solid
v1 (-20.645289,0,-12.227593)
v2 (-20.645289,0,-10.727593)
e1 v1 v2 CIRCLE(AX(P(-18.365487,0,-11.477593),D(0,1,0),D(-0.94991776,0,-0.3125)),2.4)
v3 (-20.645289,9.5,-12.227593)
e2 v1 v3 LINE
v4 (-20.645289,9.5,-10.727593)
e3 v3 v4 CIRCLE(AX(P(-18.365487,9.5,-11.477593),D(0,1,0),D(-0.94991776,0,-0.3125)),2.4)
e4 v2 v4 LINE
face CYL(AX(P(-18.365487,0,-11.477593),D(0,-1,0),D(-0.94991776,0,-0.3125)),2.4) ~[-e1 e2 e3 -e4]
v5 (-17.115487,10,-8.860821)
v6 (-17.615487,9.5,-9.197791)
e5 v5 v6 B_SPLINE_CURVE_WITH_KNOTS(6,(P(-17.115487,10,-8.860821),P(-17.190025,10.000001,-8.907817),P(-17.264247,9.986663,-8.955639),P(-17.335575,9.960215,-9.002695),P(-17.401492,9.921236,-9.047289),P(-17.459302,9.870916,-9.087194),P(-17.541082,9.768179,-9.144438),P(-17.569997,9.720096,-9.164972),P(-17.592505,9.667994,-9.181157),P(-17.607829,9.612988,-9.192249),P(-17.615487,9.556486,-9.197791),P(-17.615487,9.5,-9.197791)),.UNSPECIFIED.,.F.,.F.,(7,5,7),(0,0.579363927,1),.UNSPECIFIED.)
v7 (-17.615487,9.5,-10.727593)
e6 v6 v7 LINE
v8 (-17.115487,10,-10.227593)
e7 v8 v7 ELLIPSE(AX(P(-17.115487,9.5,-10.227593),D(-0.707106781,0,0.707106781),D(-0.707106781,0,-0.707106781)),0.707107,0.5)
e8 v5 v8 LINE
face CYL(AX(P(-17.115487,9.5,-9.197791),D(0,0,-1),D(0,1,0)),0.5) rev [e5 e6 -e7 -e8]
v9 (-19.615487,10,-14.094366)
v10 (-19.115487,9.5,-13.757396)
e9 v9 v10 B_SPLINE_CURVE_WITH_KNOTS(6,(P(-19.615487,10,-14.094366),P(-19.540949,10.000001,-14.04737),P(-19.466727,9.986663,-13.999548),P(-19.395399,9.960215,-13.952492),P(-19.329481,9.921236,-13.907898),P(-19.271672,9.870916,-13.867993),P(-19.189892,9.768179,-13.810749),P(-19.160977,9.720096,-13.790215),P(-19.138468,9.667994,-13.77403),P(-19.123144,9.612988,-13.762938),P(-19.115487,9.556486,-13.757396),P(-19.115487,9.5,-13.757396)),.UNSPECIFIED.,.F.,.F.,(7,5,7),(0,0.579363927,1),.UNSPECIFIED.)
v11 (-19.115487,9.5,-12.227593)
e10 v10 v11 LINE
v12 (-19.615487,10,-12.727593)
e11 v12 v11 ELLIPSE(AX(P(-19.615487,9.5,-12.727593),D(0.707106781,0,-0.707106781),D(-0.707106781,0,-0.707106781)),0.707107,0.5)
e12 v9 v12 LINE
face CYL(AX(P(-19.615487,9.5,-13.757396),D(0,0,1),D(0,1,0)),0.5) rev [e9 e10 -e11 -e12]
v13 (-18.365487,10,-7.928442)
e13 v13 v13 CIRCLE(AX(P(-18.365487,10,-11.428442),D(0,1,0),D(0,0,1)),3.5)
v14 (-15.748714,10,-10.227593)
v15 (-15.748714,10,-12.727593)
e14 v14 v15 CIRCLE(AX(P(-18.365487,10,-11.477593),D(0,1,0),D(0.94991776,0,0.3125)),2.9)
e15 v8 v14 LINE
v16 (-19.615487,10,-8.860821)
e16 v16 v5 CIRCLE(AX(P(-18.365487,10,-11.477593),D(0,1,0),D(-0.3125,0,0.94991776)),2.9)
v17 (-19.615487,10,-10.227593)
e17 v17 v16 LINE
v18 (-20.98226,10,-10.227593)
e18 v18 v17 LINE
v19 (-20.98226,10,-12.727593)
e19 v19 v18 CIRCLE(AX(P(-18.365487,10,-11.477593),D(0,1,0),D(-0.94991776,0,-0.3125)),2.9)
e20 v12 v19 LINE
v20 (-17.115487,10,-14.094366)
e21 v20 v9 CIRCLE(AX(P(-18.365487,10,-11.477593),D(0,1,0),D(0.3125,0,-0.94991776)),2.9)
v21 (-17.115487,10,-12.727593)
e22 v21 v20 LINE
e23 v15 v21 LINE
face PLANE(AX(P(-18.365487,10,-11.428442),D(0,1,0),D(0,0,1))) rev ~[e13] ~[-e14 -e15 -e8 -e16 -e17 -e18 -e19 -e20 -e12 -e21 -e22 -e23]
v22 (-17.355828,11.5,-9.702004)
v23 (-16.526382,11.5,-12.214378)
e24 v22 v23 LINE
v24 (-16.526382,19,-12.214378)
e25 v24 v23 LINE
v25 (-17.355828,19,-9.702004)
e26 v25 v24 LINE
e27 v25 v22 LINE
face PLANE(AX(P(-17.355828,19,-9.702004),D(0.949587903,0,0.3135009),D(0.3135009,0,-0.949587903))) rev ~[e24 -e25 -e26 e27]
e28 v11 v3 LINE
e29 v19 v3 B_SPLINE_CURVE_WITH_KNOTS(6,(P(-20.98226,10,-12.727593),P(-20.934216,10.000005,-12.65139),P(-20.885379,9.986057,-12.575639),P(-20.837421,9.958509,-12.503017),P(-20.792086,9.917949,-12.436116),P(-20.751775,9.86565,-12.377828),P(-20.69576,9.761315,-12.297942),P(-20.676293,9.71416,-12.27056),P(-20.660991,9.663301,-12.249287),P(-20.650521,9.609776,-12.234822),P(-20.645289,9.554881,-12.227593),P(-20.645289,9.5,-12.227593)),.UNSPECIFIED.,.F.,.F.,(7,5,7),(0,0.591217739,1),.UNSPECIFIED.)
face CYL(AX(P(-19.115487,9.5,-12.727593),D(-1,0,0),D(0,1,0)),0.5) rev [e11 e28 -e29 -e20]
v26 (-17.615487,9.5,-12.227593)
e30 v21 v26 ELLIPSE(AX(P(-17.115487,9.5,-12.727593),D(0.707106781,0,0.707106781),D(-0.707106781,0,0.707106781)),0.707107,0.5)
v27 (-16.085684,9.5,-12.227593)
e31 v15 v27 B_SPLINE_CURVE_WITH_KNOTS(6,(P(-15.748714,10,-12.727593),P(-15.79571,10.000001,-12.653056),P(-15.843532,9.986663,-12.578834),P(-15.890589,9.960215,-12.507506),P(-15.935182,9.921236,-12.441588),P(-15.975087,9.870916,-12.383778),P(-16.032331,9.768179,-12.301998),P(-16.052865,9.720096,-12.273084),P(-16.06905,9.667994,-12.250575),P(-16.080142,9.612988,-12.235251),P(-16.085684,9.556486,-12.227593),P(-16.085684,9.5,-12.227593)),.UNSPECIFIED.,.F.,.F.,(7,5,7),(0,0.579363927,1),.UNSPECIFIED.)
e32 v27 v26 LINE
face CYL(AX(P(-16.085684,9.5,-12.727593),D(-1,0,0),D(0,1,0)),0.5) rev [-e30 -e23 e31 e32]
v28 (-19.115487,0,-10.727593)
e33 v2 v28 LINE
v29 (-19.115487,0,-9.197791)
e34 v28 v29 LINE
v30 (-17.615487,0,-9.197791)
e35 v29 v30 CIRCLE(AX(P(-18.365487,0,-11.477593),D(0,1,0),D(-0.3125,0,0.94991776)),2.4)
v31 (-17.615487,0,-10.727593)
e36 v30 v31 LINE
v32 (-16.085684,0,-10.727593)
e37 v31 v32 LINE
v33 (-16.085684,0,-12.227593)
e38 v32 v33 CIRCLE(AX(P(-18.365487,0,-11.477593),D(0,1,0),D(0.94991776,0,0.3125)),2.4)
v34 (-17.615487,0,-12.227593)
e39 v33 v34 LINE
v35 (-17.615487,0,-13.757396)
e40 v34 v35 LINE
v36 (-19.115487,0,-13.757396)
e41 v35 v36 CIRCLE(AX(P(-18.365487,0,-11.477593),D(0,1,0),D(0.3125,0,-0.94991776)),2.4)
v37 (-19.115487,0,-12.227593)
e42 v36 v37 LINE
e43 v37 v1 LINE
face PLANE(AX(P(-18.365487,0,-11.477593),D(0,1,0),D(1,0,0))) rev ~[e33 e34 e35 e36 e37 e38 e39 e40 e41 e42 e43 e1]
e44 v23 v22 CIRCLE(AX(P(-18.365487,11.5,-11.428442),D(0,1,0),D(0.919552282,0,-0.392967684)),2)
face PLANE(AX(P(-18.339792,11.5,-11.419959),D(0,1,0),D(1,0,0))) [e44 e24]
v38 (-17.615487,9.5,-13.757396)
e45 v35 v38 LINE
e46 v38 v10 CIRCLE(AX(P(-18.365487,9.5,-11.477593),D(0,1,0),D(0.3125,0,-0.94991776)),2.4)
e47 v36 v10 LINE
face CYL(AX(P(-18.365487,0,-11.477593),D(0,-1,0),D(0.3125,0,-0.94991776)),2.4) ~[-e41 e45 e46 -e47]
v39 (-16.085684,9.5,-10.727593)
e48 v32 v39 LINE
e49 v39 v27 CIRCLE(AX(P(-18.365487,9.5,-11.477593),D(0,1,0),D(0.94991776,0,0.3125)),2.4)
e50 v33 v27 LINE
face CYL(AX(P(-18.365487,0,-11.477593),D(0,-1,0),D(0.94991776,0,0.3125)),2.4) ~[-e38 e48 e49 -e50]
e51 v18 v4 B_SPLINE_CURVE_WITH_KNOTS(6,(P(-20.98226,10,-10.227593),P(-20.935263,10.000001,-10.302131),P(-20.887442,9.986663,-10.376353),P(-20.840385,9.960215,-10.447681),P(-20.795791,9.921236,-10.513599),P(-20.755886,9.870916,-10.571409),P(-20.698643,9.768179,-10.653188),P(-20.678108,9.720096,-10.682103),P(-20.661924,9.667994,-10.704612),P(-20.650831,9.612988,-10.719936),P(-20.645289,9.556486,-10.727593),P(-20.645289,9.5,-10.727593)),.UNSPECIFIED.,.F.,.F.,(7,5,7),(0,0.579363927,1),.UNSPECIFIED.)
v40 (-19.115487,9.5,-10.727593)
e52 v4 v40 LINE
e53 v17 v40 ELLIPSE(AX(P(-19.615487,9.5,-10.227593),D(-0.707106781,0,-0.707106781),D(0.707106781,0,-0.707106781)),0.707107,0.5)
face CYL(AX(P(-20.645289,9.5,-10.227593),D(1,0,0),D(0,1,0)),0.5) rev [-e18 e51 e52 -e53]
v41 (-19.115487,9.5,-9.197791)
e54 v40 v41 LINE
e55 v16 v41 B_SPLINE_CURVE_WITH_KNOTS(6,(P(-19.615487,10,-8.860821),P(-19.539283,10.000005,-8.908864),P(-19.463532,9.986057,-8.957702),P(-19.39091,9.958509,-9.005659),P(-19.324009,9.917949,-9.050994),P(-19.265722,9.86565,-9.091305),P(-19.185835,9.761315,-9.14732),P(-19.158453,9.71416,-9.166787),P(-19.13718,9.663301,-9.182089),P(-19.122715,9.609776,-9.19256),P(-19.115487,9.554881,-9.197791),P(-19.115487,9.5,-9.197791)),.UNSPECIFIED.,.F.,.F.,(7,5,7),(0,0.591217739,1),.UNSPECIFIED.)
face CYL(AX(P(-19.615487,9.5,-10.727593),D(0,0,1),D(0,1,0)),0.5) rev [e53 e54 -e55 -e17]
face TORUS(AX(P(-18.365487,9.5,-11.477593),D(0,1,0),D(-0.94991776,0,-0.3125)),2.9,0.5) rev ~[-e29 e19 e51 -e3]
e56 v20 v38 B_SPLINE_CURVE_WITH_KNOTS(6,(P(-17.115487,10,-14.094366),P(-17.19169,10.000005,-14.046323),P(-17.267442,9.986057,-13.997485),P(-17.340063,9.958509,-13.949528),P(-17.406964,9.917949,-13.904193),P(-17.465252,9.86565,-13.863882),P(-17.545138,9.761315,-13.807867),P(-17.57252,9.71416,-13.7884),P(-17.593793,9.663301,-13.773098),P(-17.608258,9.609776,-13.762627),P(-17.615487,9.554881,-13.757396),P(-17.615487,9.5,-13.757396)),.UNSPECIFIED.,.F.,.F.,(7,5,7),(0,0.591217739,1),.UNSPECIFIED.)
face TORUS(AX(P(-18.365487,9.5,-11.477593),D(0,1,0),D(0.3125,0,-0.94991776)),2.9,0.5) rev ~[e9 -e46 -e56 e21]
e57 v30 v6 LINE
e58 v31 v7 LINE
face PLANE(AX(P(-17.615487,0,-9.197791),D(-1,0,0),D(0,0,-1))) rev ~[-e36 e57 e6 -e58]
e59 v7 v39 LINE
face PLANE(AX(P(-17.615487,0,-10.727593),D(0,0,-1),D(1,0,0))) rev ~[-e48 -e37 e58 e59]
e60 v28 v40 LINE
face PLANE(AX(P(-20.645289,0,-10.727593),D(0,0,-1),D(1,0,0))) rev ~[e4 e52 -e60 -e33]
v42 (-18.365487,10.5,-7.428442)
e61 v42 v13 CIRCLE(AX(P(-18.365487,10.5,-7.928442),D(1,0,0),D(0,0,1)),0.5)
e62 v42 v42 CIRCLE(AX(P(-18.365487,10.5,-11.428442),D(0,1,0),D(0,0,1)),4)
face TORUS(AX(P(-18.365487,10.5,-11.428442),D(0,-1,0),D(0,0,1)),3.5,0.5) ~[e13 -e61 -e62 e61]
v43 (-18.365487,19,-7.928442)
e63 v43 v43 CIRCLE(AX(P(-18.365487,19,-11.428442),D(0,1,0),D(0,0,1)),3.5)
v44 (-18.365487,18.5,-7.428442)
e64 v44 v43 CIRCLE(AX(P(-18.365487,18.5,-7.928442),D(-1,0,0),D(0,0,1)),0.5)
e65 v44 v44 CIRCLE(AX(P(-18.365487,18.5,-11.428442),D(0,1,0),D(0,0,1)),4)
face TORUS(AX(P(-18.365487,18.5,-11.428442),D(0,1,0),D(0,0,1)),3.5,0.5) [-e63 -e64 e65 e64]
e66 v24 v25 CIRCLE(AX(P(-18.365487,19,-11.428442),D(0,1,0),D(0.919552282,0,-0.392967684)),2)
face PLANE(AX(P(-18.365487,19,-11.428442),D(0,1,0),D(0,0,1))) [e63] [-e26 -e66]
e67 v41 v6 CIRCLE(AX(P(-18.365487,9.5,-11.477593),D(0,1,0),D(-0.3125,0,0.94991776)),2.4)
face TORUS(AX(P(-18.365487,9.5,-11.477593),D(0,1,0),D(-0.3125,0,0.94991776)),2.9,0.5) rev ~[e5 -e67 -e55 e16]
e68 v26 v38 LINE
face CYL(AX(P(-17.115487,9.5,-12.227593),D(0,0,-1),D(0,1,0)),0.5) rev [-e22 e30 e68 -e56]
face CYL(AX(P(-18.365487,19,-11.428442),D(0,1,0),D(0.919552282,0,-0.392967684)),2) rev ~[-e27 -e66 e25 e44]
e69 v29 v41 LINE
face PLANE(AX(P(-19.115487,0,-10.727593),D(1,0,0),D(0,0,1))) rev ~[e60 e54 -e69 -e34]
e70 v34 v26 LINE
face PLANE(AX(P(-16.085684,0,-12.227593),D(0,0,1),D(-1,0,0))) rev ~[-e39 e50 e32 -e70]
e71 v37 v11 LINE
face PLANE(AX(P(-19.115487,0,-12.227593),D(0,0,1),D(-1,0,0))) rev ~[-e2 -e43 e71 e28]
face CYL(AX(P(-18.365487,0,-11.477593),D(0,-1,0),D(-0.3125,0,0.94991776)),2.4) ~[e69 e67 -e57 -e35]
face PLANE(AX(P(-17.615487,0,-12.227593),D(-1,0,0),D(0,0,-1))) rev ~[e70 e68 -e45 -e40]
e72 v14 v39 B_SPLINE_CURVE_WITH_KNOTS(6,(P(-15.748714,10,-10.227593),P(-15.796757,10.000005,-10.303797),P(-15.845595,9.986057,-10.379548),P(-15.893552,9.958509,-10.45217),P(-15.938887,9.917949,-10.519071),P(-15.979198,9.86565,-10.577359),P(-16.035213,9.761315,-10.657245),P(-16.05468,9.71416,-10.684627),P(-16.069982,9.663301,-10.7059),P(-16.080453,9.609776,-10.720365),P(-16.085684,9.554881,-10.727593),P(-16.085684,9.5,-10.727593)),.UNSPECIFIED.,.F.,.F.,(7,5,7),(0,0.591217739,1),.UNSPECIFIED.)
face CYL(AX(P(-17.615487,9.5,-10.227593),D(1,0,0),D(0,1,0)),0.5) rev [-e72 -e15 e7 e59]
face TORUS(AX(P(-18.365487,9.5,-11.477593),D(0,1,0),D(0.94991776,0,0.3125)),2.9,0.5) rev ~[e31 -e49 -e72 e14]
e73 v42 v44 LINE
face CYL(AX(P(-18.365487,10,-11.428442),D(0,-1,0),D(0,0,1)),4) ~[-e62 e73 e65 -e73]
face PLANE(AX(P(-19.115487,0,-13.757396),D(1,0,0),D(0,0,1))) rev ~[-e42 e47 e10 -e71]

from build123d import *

# Parameters (mm, degrees)
RESSALTO_EXTRUS_O1_DEPTH = 10
ESBO_O7_R                = 4
RESSALTO_EXTRUS_O3_DEPTH = 9
CORTE_EXTRUS_O2_DEPTH    = 7.5
FILETE9_R                = 0.5


with BuildPart() as part:
    # Esboço1 → Ressalto-extrusão1 (new body)
    with BuildSketch(Plane(origin=(0, 0, 0), x_dir=(1, 0, 0), z_dir=(0, 1, 0))):
        with BuildLine():
            Line((-16.085684063, 12.227593462), (-17.615486686, 12.227593462))
            Line((-17.615486686, 12.227593462), (-17.615486686, 13.727593462))
            Line((-17.615486686, 13.727593462), (-17.615486686, 13.757396085))
            ThreePointArc((-17.615486686, 13.757396085), (-18.365486686, 13.877593462), (-19.115486686, 13.757396085))
            Line((-19.115486686, 13.757396085), (-19.115486686, 13.727593462))
            Line((-19.115486686, 13.727593462), (-19.115486686, 12.227593462))
            Line((-19.115486686, 12.227593462), (-20.615486686, 12.227593462))
            Line((-20.615486686, 12.227593462), (-20.645289309, 12.227593462))
            ThreePointArc((-20.645289309, 12.227593462), (-20.765486686, 11.477593462), (-20.645289309, 10.727593462))
            Line((-20.645289309, 10.727593462), (-20.615486686, 10.727593462))
            Line((-20.615486686, 10.727593462), (-19.115486686, 10.727593462))
            Line((-19.115486686, 10.727593462), (-19.115486686, 9.227593462))
            Line((-19.115486686, 9.227593462), (-19.115486686, 9.197790839))
            ThreePointArc((-19.115486686, 9.197790839), (-18.365486686, 9.077593462), (-17.615486686, 9.197790839))
            Line((-17.615486686, 9.197790839), (-17.615486686, 9.227593462))
            Line((-17.615486686, 9.227593462), (-17.615486686, 10.727593462))
            Line((-17.615486686, 10.727593462), (-16.085684063, 10.727593462))
            ThreePointArc((-16.085684063, 10.727593462), (-15.965486686, 11.477593462), (-16.085684063, 12.227593462))
        make_face()
    extrude(amount=RESSALTO_EXTRUS_O1_DEPTH)

    # Esboço7 → Ressalto-extrusão3 (add)
    with BuildSketch(Plane(origin=(0, 10, 0), x_dir=(1, 0, 0), z_dir=(0, 1, 0))):
        with Locations(Location((-18.365486686, 11.428442315, 0), (0, 0, 270))):
            Circle(ESBO_O7_R)
    extrude(amount=RESSALTO_EXTRUS_O3_DEPTH)

    # Esboço9 → Corte-extrusão2 (cut)
    with BuildSketch(Plane(origin=(0, 19, 0), x_dir=(1, 0, 0), z_dir=(0, 1, 0))):
        with BuildLine():
            Line((-17.35582754, 9.702004246), (-16.526382122, 12.214377685))
            ThreePointArc((-16.526382122, 12.214377685), (-20.264662492, 12.055444115), (-17.35582754, 9.702004246))
        make_face()
    extrude(amount=-CORTE_EXTRUS_O2_DEPTH, mode=Mode.SUBTRACT)

    # Filete9
    filete9_edges = [part.edges().sort_by_distance(p)[0] for p in [
        (-20.765486686, 10, -11.477593462),
        (-19.880387997, 10, -10.727593462),
        (-19.115486686, 10, -9.96269215),
        (-18.365486686, 10, -9.077593462),
        (-17.615486686, 10, -9.96269215),
        (-16.850585374, 10, -10.727593462),
        (-15.965486686, 10, -11.477593462),
        (-18.365486686, 10, -15.428442315),
        (-18.365486686, 19, -15.428442315),
        (-16.850585374, 10, -12.227593462),
        (-17.615486686, 10, -12.992494773),
        (-19.880387997, 10, -12.227593462),
        (-18.365486686, 10, -13.877593462),
        (-19.115486686, 10, -12.992494773),
    ]]
    fillet(filete9_edges, radius=FILETE9_R)


solid = part.part
